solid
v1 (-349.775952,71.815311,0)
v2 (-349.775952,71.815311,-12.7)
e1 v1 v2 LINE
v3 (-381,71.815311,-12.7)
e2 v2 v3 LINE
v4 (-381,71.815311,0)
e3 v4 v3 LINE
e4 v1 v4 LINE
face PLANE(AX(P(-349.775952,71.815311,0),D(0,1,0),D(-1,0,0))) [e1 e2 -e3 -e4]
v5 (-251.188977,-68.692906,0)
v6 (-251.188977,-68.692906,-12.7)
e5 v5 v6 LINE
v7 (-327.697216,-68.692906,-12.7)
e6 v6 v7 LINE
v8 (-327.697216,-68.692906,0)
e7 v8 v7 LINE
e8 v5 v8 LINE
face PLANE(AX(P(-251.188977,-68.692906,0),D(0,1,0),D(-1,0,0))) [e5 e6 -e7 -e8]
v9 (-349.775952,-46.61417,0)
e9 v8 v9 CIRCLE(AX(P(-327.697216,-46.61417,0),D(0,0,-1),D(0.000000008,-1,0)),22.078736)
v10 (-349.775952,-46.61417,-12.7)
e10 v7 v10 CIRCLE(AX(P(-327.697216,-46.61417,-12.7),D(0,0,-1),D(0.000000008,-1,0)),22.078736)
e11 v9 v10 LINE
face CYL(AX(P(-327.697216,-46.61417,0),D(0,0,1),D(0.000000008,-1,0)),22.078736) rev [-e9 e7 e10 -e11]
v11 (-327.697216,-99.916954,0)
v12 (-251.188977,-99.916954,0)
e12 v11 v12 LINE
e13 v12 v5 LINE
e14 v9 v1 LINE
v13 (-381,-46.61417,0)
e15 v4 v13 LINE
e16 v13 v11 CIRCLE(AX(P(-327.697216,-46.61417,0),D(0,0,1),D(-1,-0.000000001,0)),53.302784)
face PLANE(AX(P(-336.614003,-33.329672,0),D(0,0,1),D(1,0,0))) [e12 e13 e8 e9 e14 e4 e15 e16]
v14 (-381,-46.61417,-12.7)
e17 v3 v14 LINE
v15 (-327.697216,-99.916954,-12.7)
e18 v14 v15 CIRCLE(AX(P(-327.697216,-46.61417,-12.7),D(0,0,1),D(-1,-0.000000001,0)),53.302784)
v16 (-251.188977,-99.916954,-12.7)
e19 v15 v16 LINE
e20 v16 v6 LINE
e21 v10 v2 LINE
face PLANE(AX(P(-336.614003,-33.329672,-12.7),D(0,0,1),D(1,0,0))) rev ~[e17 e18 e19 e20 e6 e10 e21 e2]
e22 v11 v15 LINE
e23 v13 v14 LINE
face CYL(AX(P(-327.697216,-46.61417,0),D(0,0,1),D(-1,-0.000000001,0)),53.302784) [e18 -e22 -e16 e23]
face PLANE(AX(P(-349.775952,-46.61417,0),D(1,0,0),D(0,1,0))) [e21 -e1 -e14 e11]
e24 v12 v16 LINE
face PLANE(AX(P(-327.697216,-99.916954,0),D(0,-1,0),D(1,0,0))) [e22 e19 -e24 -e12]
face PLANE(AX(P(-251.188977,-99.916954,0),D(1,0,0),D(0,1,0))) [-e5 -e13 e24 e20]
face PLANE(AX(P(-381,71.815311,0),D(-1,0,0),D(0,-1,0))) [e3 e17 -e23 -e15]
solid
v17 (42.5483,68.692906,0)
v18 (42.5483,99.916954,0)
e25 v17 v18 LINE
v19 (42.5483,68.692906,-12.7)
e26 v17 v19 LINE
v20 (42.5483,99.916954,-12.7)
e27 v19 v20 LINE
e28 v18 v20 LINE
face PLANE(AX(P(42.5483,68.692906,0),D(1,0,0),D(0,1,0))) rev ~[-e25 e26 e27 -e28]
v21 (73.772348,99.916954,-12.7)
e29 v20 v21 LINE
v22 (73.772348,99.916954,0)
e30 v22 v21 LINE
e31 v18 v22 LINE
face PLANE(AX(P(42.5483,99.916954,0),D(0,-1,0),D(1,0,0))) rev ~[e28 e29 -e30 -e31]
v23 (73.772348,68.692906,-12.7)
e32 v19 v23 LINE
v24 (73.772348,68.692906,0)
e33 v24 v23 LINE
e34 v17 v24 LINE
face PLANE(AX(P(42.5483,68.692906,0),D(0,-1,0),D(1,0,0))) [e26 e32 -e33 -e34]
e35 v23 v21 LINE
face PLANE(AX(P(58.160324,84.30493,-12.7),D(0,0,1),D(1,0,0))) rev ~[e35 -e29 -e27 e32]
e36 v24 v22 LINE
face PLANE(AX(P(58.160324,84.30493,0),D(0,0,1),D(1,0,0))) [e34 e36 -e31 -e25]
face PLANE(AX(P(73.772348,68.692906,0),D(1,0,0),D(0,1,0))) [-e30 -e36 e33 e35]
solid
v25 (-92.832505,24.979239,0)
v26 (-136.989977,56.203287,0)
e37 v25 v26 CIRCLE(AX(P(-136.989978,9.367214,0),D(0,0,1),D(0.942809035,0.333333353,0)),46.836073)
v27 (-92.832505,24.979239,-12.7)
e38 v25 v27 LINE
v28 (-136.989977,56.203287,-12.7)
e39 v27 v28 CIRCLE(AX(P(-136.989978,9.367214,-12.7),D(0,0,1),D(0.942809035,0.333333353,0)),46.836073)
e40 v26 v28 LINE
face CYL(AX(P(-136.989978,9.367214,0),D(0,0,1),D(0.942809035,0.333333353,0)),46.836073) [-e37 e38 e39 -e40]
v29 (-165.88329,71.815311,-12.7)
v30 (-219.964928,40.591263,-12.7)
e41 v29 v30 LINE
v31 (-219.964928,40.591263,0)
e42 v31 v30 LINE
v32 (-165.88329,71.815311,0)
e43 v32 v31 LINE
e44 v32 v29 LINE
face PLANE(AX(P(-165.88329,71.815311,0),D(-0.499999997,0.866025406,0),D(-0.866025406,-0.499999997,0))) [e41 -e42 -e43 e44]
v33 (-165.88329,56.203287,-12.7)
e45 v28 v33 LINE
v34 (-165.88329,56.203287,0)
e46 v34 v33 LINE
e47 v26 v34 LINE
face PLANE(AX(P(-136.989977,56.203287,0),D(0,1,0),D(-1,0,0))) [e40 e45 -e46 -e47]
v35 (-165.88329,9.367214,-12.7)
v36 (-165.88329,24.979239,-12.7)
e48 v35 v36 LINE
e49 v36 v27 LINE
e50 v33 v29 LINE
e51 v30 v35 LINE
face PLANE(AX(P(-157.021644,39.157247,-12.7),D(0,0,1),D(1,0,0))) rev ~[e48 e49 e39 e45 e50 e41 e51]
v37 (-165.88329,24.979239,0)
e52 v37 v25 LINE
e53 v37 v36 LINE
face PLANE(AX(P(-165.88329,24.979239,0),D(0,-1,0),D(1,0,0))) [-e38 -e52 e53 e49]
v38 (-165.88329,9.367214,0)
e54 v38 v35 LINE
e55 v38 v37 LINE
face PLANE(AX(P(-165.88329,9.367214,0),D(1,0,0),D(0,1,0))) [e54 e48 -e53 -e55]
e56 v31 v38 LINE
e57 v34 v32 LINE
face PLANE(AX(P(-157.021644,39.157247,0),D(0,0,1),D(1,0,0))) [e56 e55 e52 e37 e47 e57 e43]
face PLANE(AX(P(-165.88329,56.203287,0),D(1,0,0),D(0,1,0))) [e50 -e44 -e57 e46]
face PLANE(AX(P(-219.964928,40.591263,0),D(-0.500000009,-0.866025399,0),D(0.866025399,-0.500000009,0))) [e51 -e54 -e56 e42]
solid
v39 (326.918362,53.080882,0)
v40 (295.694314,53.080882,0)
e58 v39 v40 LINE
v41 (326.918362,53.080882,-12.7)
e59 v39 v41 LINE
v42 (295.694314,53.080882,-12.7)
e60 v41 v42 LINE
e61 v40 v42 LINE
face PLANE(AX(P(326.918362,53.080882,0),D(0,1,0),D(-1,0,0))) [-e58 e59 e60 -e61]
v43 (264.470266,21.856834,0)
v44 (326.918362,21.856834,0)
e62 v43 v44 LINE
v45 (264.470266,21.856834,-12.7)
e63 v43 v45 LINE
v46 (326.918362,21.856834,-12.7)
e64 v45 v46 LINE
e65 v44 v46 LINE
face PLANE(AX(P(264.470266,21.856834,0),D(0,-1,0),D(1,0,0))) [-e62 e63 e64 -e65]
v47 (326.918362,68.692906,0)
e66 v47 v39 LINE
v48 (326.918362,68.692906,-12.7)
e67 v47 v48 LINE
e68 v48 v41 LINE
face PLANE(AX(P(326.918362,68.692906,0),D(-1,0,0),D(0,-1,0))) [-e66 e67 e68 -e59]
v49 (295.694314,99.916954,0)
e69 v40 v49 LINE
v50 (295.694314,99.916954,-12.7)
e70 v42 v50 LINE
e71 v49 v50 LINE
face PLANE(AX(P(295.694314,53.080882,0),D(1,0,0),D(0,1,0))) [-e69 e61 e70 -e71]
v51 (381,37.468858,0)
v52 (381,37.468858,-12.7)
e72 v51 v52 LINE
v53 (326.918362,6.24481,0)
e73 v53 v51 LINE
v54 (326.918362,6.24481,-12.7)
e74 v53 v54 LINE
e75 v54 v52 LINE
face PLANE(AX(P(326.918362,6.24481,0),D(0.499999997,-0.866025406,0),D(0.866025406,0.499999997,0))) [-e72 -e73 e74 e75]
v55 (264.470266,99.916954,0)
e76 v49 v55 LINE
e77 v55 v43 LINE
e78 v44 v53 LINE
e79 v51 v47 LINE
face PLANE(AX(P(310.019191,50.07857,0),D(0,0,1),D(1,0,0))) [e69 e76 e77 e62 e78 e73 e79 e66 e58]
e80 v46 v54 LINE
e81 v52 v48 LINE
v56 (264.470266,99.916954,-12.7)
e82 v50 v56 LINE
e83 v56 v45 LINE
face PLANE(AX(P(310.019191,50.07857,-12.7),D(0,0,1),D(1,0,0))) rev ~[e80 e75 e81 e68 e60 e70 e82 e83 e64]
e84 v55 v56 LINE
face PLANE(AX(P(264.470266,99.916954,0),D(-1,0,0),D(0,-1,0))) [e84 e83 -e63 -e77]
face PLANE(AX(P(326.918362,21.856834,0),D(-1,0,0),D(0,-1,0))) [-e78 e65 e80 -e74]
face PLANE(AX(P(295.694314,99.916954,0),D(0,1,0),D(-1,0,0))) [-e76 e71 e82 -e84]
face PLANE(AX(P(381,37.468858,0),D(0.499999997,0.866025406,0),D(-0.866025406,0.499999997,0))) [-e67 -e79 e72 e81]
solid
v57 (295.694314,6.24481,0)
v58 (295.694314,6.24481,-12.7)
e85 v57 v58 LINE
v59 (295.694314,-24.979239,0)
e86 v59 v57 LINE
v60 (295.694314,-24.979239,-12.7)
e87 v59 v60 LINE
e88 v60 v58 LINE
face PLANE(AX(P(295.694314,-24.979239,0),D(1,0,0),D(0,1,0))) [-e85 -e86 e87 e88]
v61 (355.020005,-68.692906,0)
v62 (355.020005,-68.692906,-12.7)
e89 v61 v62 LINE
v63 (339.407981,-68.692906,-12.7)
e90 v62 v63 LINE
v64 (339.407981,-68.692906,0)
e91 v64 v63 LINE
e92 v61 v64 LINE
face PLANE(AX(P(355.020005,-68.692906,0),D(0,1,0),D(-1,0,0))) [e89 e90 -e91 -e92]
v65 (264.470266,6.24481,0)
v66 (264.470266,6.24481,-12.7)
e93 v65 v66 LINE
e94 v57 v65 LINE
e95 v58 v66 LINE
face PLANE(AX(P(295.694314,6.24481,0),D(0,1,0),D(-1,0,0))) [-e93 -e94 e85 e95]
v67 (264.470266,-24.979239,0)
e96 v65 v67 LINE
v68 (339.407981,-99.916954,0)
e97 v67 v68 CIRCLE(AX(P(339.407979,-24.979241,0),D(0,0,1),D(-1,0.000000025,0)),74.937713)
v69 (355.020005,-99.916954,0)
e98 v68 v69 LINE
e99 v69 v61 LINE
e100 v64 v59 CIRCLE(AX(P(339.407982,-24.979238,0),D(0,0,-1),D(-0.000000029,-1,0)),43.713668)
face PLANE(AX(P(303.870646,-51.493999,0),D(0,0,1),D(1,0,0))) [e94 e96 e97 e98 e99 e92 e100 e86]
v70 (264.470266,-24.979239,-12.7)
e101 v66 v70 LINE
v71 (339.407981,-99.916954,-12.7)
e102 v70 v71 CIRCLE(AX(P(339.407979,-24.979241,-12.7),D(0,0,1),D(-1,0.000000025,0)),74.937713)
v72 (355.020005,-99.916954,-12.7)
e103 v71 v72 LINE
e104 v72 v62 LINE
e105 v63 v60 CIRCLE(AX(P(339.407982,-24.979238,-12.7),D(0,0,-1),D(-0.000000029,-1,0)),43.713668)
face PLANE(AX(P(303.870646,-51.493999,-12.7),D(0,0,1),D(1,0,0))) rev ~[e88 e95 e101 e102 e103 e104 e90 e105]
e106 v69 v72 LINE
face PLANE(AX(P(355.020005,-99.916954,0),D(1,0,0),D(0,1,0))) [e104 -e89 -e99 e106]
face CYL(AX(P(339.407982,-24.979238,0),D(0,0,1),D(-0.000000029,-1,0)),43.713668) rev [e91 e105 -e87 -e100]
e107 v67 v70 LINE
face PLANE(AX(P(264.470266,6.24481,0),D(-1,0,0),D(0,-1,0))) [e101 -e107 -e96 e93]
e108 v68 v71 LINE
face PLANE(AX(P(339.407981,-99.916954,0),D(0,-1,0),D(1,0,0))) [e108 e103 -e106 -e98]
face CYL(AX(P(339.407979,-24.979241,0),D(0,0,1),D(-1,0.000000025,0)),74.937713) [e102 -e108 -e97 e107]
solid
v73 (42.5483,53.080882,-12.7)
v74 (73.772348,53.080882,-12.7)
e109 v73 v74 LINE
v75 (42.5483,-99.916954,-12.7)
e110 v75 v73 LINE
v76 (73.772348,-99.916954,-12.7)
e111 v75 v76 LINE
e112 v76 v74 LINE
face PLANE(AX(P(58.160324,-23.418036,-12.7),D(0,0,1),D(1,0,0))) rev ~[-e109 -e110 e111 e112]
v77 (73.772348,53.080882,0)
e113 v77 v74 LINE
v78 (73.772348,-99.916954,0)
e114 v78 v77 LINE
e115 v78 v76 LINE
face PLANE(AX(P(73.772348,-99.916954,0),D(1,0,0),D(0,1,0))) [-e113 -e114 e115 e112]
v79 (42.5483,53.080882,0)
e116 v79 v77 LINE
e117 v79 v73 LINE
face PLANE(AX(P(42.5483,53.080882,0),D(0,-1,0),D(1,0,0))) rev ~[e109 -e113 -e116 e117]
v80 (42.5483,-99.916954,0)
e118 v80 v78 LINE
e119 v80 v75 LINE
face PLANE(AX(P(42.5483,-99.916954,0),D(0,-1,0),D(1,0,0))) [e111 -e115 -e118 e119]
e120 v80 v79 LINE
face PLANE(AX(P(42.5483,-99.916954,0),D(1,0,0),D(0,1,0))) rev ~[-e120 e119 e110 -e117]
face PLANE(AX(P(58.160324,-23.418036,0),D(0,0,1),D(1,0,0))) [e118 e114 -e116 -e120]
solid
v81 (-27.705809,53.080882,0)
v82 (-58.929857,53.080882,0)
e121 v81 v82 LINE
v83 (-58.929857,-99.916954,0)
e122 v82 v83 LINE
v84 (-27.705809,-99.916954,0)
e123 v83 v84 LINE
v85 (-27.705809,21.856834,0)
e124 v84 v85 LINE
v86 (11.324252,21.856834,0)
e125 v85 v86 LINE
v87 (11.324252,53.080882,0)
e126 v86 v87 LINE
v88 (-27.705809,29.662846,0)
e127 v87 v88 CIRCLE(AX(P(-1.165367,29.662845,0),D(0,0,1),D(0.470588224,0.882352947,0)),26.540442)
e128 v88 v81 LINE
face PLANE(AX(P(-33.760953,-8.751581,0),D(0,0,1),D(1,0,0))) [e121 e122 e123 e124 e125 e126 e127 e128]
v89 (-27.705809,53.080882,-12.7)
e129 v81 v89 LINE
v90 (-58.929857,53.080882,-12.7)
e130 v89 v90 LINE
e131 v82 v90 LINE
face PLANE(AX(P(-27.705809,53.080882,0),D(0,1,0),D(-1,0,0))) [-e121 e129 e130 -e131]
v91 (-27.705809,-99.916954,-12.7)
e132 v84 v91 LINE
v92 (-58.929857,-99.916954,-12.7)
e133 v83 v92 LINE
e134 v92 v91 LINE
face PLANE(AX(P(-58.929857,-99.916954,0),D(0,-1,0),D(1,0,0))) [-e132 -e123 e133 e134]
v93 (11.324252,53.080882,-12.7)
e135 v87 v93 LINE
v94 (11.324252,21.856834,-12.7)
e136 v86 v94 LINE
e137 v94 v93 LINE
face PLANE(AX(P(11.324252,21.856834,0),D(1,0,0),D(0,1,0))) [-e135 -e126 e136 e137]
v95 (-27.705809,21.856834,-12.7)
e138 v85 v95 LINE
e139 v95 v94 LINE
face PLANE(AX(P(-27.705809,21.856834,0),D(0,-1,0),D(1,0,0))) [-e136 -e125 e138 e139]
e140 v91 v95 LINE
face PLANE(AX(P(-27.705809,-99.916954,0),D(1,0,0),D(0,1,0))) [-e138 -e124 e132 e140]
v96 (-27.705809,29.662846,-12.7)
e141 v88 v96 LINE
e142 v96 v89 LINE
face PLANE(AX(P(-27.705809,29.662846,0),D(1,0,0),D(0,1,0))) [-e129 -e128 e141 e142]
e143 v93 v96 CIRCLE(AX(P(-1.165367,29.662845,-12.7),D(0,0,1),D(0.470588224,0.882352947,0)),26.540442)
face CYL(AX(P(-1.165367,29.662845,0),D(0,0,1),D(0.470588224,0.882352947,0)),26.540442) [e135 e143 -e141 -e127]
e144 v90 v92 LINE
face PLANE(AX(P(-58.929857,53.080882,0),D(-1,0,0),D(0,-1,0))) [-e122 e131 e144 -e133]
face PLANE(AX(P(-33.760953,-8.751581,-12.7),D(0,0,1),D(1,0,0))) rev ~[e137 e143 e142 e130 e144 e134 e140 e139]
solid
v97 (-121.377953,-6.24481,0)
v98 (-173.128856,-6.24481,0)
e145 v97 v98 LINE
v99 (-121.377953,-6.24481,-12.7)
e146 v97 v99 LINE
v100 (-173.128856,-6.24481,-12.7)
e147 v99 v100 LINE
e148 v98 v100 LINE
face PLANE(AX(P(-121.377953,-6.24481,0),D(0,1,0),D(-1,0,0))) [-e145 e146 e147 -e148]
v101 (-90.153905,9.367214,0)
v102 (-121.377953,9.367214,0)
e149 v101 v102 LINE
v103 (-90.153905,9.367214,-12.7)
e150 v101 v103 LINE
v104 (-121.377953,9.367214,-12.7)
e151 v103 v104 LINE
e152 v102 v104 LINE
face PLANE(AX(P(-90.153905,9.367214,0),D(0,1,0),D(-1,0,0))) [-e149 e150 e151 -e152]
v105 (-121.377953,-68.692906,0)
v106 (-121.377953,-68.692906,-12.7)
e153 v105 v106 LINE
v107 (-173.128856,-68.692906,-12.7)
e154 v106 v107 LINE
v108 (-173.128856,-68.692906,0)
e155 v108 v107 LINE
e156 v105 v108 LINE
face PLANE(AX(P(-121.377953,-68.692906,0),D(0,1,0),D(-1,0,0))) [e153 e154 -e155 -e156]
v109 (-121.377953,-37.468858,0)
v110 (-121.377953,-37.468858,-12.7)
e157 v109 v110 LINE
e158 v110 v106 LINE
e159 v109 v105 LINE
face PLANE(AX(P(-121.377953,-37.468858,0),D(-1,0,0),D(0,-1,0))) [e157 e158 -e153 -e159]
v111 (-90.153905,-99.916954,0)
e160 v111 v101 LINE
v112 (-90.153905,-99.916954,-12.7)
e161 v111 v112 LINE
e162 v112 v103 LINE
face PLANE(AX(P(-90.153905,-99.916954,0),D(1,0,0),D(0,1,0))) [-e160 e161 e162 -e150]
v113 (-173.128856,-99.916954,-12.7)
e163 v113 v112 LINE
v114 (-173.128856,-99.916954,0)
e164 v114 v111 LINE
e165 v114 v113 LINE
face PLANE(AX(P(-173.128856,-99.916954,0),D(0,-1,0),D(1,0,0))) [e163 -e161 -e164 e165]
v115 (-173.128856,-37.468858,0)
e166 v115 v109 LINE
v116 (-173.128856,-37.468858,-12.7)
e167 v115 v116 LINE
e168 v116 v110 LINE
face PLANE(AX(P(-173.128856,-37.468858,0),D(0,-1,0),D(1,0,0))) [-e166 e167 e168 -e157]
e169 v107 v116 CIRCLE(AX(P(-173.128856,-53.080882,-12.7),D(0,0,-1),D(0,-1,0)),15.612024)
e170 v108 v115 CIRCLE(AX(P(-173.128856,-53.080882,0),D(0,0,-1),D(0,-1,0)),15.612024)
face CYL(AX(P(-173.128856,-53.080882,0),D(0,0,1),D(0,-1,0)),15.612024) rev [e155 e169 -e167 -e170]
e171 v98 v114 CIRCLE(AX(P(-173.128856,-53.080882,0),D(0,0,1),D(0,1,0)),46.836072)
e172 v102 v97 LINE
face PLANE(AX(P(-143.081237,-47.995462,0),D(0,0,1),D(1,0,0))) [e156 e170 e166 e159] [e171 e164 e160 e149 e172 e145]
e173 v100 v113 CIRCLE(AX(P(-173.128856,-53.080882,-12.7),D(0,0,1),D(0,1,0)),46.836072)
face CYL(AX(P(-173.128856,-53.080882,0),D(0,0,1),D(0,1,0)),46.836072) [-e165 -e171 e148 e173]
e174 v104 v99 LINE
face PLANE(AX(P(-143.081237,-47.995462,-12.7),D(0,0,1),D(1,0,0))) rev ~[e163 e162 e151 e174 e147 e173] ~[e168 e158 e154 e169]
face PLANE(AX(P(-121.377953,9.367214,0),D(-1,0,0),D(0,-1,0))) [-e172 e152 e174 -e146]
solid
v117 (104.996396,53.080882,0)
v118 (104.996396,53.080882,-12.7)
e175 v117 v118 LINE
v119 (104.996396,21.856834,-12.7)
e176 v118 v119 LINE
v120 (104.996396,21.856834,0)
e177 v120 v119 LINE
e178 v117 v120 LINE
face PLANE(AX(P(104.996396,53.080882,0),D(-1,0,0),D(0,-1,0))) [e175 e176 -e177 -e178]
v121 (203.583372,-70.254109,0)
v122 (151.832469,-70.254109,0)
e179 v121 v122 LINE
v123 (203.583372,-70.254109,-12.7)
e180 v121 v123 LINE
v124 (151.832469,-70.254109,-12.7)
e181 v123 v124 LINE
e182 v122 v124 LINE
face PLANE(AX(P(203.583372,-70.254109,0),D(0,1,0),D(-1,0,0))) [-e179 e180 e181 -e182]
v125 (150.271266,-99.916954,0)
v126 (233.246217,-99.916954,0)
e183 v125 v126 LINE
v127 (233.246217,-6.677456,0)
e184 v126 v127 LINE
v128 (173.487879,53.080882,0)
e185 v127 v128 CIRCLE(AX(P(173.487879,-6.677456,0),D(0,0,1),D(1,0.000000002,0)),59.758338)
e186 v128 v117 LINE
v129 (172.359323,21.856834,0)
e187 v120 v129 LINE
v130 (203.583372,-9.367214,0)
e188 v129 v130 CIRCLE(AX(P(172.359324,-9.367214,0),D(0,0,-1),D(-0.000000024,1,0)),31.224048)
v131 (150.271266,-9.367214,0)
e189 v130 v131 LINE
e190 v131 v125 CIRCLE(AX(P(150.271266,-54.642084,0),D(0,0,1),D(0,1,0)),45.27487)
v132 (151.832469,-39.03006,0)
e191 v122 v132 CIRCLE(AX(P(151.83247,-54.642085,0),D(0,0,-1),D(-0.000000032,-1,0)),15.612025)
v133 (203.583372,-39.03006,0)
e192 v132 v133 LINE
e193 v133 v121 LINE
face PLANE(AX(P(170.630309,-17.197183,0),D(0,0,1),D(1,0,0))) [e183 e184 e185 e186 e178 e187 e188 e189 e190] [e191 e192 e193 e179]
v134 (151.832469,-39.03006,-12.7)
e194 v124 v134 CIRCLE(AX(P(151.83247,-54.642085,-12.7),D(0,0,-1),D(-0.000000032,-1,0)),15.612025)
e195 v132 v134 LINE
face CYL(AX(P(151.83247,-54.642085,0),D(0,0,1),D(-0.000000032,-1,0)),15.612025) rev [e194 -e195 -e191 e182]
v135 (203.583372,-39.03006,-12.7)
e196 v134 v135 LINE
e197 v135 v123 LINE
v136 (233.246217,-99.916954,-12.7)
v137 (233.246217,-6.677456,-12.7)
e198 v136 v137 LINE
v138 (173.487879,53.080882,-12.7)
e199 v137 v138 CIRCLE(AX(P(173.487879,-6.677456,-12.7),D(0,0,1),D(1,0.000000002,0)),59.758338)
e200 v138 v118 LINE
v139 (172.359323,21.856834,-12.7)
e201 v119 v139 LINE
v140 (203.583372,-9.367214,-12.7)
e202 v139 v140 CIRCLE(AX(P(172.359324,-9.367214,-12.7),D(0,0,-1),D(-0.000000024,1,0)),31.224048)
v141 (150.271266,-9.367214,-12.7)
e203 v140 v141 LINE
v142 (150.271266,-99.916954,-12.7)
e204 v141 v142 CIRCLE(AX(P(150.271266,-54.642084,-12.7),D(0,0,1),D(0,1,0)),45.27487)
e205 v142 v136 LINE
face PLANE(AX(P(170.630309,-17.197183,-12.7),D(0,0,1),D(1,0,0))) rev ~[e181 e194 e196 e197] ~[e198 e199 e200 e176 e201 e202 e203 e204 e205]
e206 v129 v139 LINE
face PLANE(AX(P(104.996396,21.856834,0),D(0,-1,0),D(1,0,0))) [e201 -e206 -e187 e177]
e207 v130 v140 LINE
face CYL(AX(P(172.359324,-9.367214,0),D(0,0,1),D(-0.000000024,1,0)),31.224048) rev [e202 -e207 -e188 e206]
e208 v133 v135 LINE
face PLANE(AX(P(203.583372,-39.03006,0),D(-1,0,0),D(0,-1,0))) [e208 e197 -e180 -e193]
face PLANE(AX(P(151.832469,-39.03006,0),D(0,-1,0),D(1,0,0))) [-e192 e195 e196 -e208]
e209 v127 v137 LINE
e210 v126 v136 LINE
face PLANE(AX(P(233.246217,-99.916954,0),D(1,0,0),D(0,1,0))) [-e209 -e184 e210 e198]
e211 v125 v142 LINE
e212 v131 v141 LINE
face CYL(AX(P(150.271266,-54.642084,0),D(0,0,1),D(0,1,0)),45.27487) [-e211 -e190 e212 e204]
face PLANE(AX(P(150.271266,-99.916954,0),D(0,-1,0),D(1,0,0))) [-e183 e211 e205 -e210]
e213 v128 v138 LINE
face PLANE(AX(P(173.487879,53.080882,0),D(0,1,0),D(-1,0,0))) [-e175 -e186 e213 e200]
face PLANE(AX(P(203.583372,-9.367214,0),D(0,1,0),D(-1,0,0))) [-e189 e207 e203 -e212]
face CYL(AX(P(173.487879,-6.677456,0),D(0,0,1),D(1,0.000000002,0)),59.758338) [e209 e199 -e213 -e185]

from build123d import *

# Parameters (mm, degrees)
F0_W     = 31.224048
F0_H     = 152.997836
F0_H_2   = 31.224048
F1_DEPTH = 12.7


with BuildPart() as f1:
    # F0 (on Top) → F1 (new body)
    with BuildSketch(Plane.XY):
        with BuildLine():
            ThreePointArc((11.324252, 53.080882), (-14.820312, 52.421086), (-27.705809, 29.662846))
            Line((-27.705809, 29.662846), (-27.705809, 53.080882))
            Line((-27.705809, 53.080882), (-58.929857, 53.080882))
            Line((-58.929857, 53.080882), (-58.929857, -99.916954))
            Line((-58.929857, -99.916954), (-27.705809, -99.916954))
            Line((-27.705809, -99.916954), (-27.705809, 21.856834))
            Line((-27.705809, 21.856834), (3.51824, 21.856834))
            Line((3.51824, 21.856834), (11.324252, 21.856834))
            Line((11.324252, 21.856834), (11.324252, 53.080882))
        make_face()
        with BuildLine():
            Line((-90.153905, 9.367214), (-121.377953, 9.367214))
            Line((-121.377953, 9.367214), (-121.377953, -6.24481))
            Line((-121.377953, -6.24481), (-173.128856, -6.24481))
            ThreePointArc((-173.128856, -6.24481), (-219.964928, -53.080882), (-173.128856, -99.916954))
            Line((-173.128856, -99.916954), (-90.153905, -99.916954))
            Line((-90.153905, -99.916954), (-90.153905, 9.367214))
        make_face()
        with BuildLine():
            ThreePointArc((-173.128856, -68.692906), (-188.74088, -53.080882), (-173.128856, -37.468858))
            Line((-173.128856, -37.468858), (-121.377953, -37.468858))
            Line((-121.377953, -37.468858), (-121.377953, -68.692906))
            Line((-121.377953, -68.692906), (-173.128856, -68.692906))
        make_face(mode=Mode.SUBTRACT)
        with BuildLine():
            Line((-165.88329, 56.203287), (-165.88329, 71.815311))
            Line((-165.88329, 71.815311), (-219.964928, 40.591263))
            Line((-219.964928, 40.591263), (-165.88329, 9.367214))
            Line((-165.88329, 9.367214), (-165.88329, 24.979239))
            Line((-165.88329, 24.979239), (-92.832505, 24.979239))
            ThreePointArc((-92.832505, 24.979239), (-109.949158, 47.608707), (-136.989977, 56.203287))
            Line((-136.989977, 56.203287), (-165.88329, 56.203287))
        make_face()
        with BuildLine():
            Line((-349.775952, 71.815311), (-381, 71.815311))
            Line((-381, 71.815311), (-381, -46.61417))
            ThreePointArc((-381, -46.61417), (-365.387976, -84.30493), (-327.697216, -99.916954))
            Line((-327.697216, -99.916954), (-251.188977, -99.916954))
            Line((-251.188977, -99.916954), (-251.188977, -68.692906))
            Line((-251.188977, -68.692906), (-327.697216, -68.692906))
            ThreePointArc((-327.697216, -68.692906), (-343.30924, -62.226194), (-349.775952, -46.61417))
            Line((-349.775952, -46.61417), (-349.775952, 71.815311))
        make_face()
        with Locations((58.160324, -23.418036)):
            Rectangle(F0_W, F0_H)
        with Locations((58.160324, 84.30493)):
            Rectangle(F0_W, F0_H_2)
        with BuildLine():
            Line((104.996396, 53.080882), (104.996396, 21.856834))
            Line((104.996396, 21.856834), (172.359323, 21.856834))
            ThreePointArc((172.359323, 21.856834), (194.43806, 12.711522), (203.583372, -9.367214))
            Line((203.583372, -9.367214), (150.271266, -9.367214))
            ThreePointArc((150.271266, -9.367214), (104.996396, -54.642084), (150.271266, -99.916954))
            Line((150.271266, -99.916954), (233.246217, -99.916954))
            Line((233.246217, -99.916954), (233.246217, -6.677456))
            ThreePointArc((233.246217, -6.677456), (215.743405, 35.57807), (173.487879, 53.080882))
            Line((173.487879, 53.080882), (104.996396, 53.080882))
        make_face()
        with BuildLine():
            ThreePointArc((151.832469, -70.254109), (136.220445, -54.642084), (151.832469, -39.03006))
            Line((151.832469, -39.03006), (203.583372, -39.03006))
            Line((203.583372, -39.03006), (203.583372, -70.254109))
            Line((203.583372, -70.254109), (151.832469, -70.254109))
        make_face(mode=Mode.SUBTRACT)
        with BuildLine():
            Line((295.694314, 6.24481), (264.470266, 6.24481))
            Line((264.470266, 6.24481), (264.470266, -24.979239))
            ThreePointArc((264.470266, -24.979239), (286.419014, -77.968206), (339.407981, -99.916954))
            Line((339.407981, -99.916954), (355.020005, -99.916954))
            Line((355.020005, -99.916954), (355.020005, -68.692906))
            Line((355.020005, -68.692906), (339.407981, -68.692906))
            ThreePointArc((339.407981, -68.692906), (308.497751, -55.889469), (295.694314, -24.979239))
            Line((295.694314, -24.979239), (295.694314, 6.24481))
        make_face()
        Polygon((295.694314, 99.916954), (264.470266, 99.916954), (264.470266, 21.856834), (295.694314, 21.856834), (326.918362, 21.856834), (326.918362, 6.24481), (381, 37.468858), (326.918362, 68.692906), (326.918362, 53.080882), (295.694314, 53.080882), align=None)
    extrude(amount=-F1_DEPTH)


solid = f1.part
